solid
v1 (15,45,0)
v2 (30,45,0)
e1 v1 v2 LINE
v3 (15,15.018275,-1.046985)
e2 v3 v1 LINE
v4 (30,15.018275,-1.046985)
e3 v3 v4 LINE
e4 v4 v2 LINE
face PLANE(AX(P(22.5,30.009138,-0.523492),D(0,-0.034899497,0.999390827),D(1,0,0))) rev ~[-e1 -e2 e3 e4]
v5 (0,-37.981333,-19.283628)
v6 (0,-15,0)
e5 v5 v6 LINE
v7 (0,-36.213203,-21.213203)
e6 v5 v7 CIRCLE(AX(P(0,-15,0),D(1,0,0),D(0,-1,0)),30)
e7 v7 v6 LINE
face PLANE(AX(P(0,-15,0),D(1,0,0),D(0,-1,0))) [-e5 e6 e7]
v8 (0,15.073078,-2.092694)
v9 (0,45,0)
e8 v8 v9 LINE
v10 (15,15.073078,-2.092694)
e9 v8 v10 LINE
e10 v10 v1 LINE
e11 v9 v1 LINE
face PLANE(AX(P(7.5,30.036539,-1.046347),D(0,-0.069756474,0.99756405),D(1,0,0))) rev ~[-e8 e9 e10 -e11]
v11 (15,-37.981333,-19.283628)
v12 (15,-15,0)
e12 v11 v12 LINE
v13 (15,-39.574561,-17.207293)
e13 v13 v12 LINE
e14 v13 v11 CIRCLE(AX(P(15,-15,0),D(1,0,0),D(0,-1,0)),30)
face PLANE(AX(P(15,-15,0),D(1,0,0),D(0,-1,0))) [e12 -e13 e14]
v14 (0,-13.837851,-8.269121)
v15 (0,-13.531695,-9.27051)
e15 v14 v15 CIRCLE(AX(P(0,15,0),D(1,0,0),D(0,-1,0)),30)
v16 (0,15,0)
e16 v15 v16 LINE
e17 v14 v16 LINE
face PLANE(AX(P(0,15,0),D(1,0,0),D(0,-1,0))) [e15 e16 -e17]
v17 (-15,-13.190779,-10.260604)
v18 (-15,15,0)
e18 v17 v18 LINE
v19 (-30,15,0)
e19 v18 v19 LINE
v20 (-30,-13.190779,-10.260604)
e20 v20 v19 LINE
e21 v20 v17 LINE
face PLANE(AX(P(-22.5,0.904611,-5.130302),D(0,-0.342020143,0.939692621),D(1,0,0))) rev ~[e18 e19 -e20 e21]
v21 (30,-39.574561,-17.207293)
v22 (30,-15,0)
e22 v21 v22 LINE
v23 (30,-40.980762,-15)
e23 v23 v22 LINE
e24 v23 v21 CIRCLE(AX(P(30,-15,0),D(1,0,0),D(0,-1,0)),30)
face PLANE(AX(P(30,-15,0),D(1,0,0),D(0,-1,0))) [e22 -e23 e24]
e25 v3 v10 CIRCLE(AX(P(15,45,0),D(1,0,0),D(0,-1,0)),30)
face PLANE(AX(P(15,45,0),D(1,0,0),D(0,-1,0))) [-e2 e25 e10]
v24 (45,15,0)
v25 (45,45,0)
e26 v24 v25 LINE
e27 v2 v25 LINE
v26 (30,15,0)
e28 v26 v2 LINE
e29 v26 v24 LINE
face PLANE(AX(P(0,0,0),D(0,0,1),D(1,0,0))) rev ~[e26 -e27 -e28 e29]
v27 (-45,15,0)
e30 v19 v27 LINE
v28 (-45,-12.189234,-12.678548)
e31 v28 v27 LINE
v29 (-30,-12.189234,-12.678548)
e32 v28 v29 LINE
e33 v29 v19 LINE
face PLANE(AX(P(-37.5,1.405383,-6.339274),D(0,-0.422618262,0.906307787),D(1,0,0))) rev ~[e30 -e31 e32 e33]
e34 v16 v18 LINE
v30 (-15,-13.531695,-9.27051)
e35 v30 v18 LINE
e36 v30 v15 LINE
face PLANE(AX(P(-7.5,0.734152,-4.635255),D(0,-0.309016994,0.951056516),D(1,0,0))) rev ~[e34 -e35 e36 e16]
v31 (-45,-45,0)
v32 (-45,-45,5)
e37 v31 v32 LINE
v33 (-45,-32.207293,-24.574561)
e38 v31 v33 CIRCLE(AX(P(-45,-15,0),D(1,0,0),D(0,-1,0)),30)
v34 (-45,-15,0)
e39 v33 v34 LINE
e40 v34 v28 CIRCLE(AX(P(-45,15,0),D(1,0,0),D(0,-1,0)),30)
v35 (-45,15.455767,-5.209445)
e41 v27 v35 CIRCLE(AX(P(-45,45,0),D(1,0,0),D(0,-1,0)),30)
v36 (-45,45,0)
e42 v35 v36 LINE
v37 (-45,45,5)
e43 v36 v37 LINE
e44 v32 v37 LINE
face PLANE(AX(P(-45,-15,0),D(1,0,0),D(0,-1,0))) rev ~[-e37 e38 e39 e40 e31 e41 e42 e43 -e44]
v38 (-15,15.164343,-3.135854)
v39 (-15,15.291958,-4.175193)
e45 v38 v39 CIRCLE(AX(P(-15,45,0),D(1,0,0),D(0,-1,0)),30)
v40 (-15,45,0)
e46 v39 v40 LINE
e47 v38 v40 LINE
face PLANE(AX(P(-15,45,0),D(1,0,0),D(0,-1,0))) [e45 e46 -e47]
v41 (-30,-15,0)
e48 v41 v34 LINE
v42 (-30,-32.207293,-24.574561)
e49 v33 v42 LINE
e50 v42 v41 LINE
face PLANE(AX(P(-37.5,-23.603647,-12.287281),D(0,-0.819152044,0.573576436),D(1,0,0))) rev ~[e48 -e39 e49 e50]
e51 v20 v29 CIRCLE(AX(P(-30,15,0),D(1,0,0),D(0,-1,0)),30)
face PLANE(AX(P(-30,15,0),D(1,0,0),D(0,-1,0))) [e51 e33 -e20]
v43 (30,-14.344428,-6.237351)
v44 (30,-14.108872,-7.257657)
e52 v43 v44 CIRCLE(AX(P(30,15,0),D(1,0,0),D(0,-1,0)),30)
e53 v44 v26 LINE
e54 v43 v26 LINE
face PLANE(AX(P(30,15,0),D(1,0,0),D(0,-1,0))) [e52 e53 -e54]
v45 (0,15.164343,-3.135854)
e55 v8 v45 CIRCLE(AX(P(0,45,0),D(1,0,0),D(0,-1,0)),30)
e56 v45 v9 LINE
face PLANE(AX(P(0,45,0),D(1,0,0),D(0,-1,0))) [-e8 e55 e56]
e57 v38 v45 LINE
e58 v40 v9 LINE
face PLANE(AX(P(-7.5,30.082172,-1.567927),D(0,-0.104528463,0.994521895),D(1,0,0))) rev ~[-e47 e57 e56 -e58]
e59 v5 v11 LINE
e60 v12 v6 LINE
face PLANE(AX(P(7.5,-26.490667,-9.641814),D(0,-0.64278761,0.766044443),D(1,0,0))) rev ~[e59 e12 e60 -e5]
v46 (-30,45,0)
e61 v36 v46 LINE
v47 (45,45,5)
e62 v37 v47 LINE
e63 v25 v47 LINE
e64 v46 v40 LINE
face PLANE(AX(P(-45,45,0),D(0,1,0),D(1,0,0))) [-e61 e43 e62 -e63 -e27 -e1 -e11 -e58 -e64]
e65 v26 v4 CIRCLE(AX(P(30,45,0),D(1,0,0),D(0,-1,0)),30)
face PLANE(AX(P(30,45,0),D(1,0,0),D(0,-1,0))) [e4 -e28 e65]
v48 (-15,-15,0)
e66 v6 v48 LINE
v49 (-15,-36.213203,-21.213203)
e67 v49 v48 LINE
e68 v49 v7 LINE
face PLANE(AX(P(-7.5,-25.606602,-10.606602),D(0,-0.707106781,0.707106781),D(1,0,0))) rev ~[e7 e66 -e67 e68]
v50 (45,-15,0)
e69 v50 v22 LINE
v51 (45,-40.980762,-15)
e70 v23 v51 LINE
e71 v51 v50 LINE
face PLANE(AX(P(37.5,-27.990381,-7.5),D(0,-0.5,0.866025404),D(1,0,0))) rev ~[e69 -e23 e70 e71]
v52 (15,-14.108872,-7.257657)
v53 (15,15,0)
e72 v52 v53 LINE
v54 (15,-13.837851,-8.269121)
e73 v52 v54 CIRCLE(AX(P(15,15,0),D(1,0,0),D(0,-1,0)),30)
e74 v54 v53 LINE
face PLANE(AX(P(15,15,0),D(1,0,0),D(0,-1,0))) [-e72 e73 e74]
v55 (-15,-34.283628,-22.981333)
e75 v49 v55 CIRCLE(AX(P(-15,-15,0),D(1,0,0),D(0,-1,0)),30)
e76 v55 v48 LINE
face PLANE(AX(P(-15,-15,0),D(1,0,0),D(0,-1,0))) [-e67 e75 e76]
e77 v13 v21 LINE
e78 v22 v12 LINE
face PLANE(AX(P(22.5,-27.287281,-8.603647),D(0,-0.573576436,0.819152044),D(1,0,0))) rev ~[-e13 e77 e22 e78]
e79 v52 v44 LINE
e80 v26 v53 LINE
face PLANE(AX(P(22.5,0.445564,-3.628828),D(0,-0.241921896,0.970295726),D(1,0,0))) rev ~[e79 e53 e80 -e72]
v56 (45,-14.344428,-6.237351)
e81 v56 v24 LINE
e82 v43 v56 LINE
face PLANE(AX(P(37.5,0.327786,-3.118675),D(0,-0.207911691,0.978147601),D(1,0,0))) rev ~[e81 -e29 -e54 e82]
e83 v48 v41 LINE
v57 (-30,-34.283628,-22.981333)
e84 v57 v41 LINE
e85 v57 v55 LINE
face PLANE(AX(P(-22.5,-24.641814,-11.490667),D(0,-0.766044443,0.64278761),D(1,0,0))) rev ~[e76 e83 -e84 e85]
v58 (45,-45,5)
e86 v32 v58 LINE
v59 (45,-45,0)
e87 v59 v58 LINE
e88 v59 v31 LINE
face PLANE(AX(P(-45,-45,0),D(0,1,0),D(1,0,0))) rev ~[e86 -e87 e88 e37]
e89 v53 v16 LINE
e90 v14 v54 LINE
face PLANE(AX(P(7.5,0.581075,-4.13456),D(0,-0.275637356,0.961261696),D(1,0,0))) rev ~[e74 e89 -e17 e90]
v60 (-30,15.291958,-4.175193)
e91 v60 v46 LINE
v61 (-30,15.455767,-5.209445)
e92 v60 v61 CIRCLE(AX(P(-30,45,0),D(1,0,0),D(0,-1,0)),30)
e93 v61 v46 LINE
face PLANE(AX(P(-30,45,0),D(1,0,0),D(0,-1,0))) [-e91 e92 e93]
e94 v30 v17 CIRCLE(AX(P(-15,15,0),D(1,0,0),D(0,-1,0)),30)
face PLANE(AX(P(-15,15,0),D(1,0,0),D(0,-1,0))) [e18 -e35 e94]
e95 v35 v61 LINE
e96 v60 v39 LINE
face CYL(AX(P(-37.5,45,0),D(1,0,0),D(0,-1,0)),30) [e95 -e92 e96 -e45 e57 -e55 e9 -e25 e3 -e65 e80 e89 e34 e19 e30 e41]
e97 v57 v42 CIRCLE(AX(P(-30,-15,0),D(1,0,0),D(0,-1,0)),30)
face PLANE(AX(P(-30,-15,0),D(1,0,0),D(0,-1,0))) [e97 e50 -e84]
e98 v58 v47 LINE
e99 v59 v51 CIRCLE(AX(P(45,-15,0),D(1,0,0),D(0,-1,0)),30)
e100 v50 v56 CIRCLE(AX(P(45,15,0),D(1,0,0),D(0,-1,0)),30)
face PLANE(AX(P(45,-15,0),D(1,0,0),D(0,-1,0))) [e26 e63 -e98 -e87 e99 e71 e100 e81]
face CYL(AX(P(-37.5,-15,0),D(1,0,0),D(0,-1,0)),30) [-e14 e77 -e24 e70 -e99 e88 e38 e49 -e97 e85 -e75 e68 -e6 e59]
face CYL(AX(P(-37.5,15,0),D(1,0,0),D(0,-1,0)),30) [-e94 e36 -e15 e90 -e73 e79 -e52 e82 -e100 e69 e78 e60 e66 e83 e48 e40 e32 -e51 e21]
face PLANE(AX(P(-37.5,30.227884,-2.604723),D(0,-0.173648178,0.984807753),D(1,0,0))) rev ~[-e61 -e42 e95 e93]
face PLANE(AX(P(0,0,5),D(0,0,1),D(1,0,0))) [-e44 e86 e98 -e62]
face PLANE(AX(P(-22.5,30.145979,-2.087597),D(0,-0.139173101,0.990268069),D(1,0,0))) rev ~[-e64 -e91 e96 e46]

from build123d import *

# Parameters (mm, degrees)
F0_W      = 90
F0_H      = 90
F1_DEPTH  = 5
F2_W      = 15
F2_H      = 30
F3_ANGLE  = 2
F4_W      = 15
F4_H      = 30
F5_ANGLE  = -4
F6_W      = 15
F6_H      = 30
F7_ANGLE  = -6
F8_W      = 15
F8_H      = 30
F9_ANGLE  = -8
F10_W     = 15
F10_H     = 30
F11_ANGLE = -10
F12_W     = 15
F12_H     = 30
F13_ANGLE = -12
F14_W     = 15
F14_H     = 30
F15_ANGLE = -14
F16_W     = 15
F16_H     = 30
F17_ANGLE = -16
F18_W     = 15
F18_H     = 30
F19_ANGLE = -18
F20_W     = 15
F20_H     = 30
F21_ANGLE = -20
F22_W     = 15
F22_H     = 30
F23_ANGLE = -25
F24_W     = 15
F24_H     = 30
F25_ANGLE = -30
F26_W     = 15
F26_H     = 30
F27_ANGLE = -35
F28_W     = 15
F28_H     = 30
F29_ANGLE = -40
F30_W     = 15
F30_H     = 30
F31_ANGLE = -45
F32_W     = 15
F32_H     = 30
F33_ANGLE = -50
F34_W     = 15
F34_H     = 30
F35_ANGLE = -55


with BuildPart() as f1:
    # F0 (on Top) → F1 (new body)
    with BuildSketch(Plane.XY):
        Rectangle(F0_W, F0_H)
    extrude(amount=F1_DEPTH)

    # F2 (on Top) → F3 (revolve)
    with BuildSketch(Plane.XY):
        with Locations((22.5, 30)):
            Rectangle(F2_W, F2_H)
    revolve(axis=Axis((22.5, 45, 0), (1, 0, 0)), revolution_arc=F3_ANGLE)

    # F4 (on Top) → F5 (revolve)
    with BuildSketch(Plane.XY):
        with Locations((7.5, 30)):
            Rectangle(F4_W, F4_H)
    revolve(axis=Axis((7.5, 45, 0), (-1, 0, 0)), revolution_arc=F5_ANGLE)

    # F6 (on Top) → F7 (revolve)
    with BuildSketch(Plane.XY):
        with Locations((-7.5, 30)):
            Rectangle(F6_W, F6_H)
    revolve(axis=Axis((-7.5, 45, 0), (-1, 0, 0)), revolution_arc=F7_ANGLE)

    # F8 (on Top) → F9 (revolve)
    with BuildSketch(Plane.XY):
        with Locations((-22.5, 30)):
            Rectangle(F8_W, F8_H)
    revolve(axis=Axis((-22.5, 45, 0), (-1, 0, 0)), revolution_arc=F9_ANGLE)

    # F10 (on Top) → F11 (revolve)
    with BuildSketch(Plane.XY):
        with Locations((-37.5, 30)):
            Rectangle(F10_W, F10_H)
    revolve(axis=Axis((-37.5, 45, 0), (-1, 0, 0)), revolution_arc=F11_ANGLE)

    # F12 (on Top) → F13 (revolve)
    with BuildSketch(Plane.XY):
        with Locations((37.5, 0)):
            Rectangle(F12_W, F12_H)
    revolve(axis=Axis((37.5, 15, 0), (-1, 0, 0)), revolution_arc=F13_ANGLE)

    # F14 (on Top) → F15 (revolve)
    with BuildSketch(Plane.XY):
        with Locations((22.5, 0)):
            Rectangle(F14_W, F14_H)
    revolve(axis=Axis((22.5, 15, 0), (-1, 0, 0)), revolution_arc=F15_ANGLE)

    # F16 (on Top) → F17 (revolve)
    with BuildSketch(Plane.XY):
        with Locations((7.5, 0)):
            Rectangle(F16_W, F16_H)
    revolve(axis=Axis((7.5, 15, 0), (-1, 0, 0)), revolution_arc=F17_ANGLE)

    # F18 (on Top) → F19 (revolve)
    with BuildSketch(Plane.XY):
        with Locations((-7.5, 0)):
            Rectangle(F18_W, F18_H)
    revolve(axis=Axis((-7.5, 15, 0), (-1, 0, 0)), revolution_arc=F19_ANGLE)

    # F20 (on Top) → F21 (revolve)
    with BuildSketch(Plane.XY):
        with Locations((-22.5, 0)):
            Rectangle(F20_W, F20_H)
    revolve(axis=Axis((-22.5, 15, 0), (-1, 0, 0)), revolution_arc=F21_ANGLE)

    # F22 (on Top) → F23 (revolve)
    with BuildSketch(Plane.XY):
        with Locations((-37.5, 0)):
            Rectangle(F22_W, F22_H)
    revolve(axis=Axis((-37.5, 15, 0), (-1, 0, 0)), revolution_arc=F23_ANGLE)

    # F24 (on Top) → F25 (revolve)
    with BuildSketch(Plane.XY):
        with Locations((37.5, -30)):
            Rectangle(F24_W, F24_H)
    revolve(axis=Axis((37.5, -15, 0), (-1, 0, 0)), revolution_arc=F25_ANGLE)

    # F26 (on Top) → F27 (revolve)
    with BuildSketch(Plane.XY):
        with Locations((22.5, -30)):
            Rectangle(F26_W, F26_H)
    revolve(axis=Axis((22.5, -15, 0), (-1, 0, 0)), revolution_arc=F27_ANGLE)

    # F28 (on Top) → F29 (revolve)
    with BuildSketch(Plane.XY):
        with Locations((7.5, -30)):
            Rectangle(F28_W, F28_H)
    revolve(axis=Axis((7.5, -15, 0), (-1, 0, 0)), revolution_arc=F29_ANGLE)

    # F30 (on Top) → F31 (revolve)
    with BuildSketch(Plane.XY):
        with Locations((-7.5, -30)):
            Rectangle(F30_W, F30_H)
    revolve(axis=Axis((-7.5, -15, 0), (-1, 0, 0)), revolution_arc=F31_ANGLE)

    # F32 (on Top) → F33 (revolve)
    with BuildSketch(Plane.XY):
        with Locations((-22.5, -30)):
            Rectangle(F32_W, F32_H)
    revolve(axis=Axis((-22.5, -15, 0), (-1, 0, 0)), revolution_arc=F33_ANGLE)

    # F34 (on Top) → F35 (revolve)
    with BuildSketch(Plane.XY):
        with Locations((-37.5, -30)):
            Rectangle(F34_W, F34_H)
    revolve(axis=Axis((-37.5, -15, 0), (-1, 0, 0)), revolution_arc=F35_ANGLE)


solid = f1.part
